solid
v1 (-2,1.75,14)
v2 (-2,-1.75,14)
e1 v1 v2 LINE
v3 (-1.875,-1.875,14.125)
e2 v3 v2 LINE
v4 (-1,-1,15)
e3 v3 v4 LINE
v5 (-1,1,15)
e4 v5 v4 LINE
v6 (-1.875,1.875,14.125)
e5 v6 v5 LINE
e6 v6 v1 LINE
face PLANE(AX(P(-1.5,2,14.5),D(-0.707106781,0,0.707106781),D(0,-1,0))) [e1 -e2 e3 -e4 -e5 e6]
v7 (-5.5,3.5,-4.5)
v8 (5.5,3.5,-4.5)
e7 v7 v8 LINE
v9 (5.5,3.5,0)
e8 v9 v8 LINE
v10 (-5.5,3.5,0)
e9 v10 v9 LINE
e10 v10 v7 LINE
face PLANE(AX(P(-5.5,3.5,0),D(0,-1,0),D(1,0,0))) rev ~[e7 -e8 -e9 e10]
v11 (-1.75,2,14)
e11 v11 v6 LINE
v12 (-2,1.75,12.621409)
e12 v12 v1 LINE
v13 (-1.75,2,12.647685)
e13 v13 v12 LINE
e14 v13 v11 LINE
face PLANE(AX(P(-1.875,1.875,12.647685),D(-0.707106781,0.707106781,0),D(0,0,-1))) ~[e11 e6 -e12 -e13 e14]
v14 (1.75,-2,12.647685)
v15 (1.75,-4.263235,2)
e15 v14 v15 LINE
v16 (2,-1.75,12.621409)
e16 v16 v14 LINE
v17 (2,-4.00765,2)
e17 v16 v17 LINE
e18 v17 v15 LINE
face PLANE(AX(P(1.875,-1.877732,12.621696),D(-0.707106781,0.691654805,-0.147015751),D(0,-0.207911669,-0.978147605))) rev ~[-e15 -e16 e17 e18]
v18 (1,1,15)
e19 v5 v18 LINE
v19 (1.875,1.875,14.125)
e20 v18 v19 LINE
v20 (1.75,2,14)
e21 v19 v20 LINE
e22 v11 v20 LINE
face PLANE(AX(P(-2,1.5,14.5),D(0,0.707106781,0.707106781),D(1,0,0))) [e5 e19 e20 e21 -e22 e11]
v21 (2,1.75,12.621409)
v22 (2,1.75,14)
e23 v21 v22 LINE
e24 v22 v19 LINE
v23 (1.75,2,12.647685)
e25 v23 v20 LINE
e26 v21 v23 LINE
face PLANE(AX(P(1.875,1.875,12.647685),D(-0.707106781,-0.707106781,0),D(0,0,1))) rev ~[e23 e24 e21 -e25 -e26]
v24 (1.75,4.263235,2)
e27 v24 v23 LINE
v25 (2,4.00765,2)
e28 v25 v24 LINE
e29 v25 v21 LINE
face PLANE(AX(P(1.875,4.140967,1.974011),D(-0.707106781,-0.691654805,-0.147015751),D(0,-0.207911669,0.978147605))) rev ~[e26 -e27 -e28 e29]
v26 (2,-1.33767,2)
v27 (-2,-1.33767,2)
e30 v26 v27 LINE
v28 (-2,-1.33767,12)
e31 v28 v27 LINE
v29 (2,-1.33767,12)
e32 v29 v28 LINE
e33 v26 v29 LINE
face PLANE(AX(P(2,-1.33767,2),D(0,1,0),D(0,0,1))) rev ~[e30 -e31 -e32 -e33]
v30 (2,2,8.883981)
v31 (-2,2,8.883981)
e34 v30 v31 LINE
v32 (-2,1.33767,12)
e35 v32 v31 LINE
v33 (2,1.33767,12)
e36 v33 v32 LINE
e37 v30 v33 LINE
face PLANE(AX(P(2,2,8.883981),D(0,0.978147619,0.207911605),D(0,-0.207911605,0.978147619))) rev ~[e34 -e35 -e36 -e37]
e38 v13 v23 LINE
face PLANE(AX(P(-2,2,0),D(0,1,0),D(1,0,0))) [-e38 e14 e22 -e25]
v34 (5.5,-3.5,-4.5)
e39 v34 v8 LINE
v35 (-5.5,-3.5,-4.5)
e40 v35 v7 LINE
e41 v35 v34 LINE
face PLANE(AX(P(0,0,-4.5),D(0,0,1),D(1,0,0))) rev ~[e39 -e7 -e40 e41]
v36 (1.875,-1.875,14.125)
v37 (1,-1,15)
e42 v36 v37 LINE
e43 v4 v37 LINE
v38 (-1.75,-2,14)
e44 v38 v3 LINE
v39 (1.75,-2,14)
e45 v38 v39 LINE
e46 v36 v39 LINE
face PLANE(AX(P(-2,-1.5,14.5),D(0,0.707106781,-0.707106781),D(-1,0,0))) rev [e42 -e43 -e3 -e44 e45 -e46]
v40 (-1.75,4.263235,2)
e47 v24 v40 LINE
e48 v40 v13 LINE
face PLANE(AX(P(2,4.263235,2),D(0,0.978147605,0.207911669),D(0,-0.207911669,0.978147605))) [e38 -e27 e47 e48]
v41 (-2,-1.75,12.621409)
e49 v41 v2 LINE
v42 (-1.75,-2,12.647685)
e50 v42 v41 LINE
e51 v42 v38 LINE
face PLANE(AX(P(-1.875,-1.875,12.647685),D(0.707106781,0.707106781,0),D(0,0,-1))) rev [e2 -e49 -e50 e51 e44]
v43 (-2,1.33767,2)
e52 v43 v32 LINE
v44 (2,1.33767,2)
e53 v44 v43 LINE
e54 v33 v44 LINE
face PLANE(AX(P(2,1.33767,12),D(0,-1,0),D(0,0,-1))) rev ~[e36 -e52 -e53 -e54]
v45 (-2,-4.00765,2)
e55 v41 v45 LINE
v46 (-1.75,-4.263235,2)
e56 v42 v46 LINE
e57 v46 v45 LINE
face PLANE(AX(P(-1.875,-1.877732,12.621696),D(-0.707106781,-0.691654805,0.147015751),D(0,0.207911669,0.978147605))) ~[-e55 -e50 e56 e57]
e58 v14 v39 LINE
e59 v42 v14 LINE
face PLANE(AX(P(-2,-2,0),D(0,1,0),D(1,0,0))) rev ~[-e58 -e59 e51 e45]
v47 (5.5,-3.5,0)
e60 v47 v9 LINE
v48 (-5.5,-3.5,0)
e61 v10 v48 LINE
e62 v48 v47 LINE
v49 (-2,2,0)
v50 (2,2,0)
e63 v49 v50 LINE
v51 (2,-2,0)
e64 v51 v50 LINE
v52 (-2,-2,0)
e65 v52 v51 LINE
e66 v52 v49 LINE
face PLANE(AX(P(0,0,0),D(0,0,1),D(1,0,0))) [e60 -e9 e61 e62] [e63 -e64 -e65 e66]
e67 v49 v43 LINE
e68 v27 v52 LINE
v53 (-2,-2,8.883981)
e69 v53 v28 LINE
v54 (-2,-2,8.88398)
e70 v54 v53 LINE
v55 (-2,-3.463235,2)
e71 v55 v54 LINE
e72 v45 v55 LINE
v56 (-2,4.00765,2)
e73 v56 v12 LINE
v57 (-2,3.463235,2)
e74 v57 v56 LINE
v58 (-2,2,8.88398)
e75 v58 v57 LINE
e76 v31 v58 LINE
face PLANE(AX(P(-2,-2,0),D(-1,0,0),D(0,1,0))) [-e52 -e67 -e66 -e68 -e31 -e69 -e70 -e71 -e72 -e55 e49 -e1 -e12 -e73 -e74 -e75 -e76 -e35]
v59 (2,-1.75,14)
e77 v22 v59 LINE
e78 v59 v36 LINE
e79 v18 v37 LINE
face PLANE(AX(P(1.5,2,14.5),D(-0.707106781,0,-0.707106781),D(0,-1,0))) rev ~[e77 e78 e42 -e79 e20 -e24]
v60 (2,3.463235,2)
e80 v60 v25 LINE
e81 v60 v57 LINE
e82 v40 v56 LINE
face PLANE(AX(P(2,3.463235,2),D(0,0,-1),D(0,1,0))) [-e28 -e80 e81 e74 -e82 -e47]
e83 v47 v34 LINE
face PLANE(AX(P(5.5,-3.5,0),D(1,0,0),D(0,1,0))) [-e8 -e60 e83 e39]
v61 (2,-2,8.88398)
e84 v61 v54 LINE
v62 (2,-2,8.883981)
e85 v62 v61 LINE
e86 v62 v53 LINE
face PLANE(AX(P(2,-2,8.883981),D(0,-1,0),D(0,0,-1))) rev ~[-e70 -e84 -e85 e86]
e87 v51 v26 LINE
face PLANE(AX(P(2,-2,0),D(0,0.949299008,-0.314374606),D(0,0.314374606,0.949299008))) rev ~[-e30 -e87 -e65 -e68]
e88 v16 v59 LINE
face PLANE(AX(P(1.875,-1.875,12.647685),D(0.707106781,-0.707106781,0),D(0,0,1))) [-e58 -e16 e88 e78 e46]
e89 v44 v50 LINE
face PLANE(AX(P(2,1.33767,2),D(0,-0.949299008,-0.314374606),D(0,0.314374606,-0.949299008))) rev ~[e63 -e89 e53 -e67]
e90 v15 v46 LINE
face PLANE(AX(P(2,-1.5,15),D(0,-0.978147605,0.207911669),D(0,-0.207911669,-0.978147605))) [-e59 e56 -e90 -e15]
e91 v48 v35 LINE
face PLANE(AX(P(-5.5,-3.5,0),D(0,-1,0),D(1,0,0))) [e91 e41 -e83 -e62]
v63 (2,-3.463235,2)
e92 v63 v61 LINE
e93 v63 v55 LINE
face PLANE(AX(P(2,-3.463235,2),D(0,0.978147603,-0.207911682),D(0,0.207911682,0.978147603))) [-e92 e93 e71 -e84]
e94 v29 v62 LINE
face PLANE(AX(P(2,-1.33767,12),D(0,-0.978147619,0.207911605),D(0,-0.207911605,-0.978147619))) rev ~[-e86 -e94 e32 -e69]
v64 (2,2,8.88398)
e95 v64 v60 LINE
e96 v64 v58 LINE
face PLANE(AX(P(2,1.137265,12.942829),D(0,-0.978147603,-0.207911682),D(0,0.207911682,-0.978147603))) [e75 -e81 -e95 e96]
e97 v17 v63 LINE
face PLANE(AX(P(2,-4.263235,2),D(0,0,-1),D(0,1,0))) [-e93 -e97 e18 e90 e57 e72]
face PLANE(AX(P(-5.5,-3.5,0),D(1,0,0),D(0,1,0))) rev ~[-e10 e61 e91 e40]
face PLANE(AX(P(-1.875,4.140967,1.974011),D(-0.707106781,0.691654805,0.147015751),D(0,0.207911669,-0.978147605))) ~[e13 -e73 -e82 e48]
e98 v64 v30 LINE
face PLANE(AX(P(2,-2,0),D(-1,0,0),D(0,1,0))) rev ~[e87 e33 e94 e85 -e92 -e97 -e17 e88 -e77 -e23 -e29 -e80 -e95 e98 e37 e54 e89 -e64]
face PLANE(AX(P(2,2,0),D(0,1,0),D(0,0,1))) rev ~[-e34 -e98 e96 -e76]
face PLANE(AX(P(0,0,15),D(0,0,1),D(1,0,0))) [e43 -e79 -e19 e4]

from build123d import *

# Parameters (mm, degrees)
F0_W     = 11
F0_H     = 7
F1_DEPTH = 4.5
F2_W     = 4
F2_H     = 4
F3_DEPTH = 15
F5_DEPTH = 4
F7_DEPTH = 25
F8_SIZE  = 1
F9_SIZE  = 0.25


with BuildPart() as f1:
    # F0 (on Top) → F1 (new body)
    with BuildSketch(Plane.XY):
        Rectangle(F0_W, F0_H)
    extrude(amount=-F1_DEPTH)

    # F2 (on face) → F3 (join)
    with BuildSketch(Plane.XY):
        Rectangle(F2_W, F2_H)
    extrude(amount=F3_DEPTH)

    # F4 (on face) → F5 (join)
    with BuildSketch(Plane.YZ.offset(2)):
        Polygon((-1.137265, 12.942829), (-1.5, 15), (-4.263235, 2), (-3.463235, 2), align=None)
        Polygon((3.463235, 2), (4.263235, 2), (1.5, 15), (1.137265, 12.942829), align=None)
    extrude(amount=-F5_DEPTH)

    # F6 (on face) → F7 (cut)
    with BuildSketch(Plane.YZ.offset(2)):
        Polygon((-1.33767, 12), (-2, 8.883981), (-2, 2), (-1.33767, 2), align=None)
        Polygon((-1.33767, 2), (-2, 2), (-2, 0), align=None)
        Polygon((2, 2), (2, 8.883981), (1.33767, 12), (1.33767, 2), align=None)
        Polygon((2, 0), (2, 2), (1.33767, 2), align=None)
    extrude(amount=-F7_DEPTH, mode=Mode.SUBTRACT)

    # F8
    f8_edges = [f1.edges().sort_by_distance(p)[0] for p in [
        (-2, 0, 15),
        (0, 2, 15),
        (2, 0, 15),
        (0, -2, 15),
    ]]
    chamfer(f8_edges, length=F8_SIZE)

    # F9
    f9_edges = [f1.edges().sort_by_distance(p)[0] for p in [
        (2, -2, 13.323842),
        (2, -3.131618, 7.323842),
        (-2, -3.131618, 7.323842),
        (-2, -2, 13.323842),
        (-2, 3.131618, 7.323842),
        (-2, 2, 13.323842),
        (2, 2, 13.323842),
        (2, 3.131618, 7.323842),
    ]]
    chamfer(f9_edges, length=F9_SIZE)


solid = f1.part
